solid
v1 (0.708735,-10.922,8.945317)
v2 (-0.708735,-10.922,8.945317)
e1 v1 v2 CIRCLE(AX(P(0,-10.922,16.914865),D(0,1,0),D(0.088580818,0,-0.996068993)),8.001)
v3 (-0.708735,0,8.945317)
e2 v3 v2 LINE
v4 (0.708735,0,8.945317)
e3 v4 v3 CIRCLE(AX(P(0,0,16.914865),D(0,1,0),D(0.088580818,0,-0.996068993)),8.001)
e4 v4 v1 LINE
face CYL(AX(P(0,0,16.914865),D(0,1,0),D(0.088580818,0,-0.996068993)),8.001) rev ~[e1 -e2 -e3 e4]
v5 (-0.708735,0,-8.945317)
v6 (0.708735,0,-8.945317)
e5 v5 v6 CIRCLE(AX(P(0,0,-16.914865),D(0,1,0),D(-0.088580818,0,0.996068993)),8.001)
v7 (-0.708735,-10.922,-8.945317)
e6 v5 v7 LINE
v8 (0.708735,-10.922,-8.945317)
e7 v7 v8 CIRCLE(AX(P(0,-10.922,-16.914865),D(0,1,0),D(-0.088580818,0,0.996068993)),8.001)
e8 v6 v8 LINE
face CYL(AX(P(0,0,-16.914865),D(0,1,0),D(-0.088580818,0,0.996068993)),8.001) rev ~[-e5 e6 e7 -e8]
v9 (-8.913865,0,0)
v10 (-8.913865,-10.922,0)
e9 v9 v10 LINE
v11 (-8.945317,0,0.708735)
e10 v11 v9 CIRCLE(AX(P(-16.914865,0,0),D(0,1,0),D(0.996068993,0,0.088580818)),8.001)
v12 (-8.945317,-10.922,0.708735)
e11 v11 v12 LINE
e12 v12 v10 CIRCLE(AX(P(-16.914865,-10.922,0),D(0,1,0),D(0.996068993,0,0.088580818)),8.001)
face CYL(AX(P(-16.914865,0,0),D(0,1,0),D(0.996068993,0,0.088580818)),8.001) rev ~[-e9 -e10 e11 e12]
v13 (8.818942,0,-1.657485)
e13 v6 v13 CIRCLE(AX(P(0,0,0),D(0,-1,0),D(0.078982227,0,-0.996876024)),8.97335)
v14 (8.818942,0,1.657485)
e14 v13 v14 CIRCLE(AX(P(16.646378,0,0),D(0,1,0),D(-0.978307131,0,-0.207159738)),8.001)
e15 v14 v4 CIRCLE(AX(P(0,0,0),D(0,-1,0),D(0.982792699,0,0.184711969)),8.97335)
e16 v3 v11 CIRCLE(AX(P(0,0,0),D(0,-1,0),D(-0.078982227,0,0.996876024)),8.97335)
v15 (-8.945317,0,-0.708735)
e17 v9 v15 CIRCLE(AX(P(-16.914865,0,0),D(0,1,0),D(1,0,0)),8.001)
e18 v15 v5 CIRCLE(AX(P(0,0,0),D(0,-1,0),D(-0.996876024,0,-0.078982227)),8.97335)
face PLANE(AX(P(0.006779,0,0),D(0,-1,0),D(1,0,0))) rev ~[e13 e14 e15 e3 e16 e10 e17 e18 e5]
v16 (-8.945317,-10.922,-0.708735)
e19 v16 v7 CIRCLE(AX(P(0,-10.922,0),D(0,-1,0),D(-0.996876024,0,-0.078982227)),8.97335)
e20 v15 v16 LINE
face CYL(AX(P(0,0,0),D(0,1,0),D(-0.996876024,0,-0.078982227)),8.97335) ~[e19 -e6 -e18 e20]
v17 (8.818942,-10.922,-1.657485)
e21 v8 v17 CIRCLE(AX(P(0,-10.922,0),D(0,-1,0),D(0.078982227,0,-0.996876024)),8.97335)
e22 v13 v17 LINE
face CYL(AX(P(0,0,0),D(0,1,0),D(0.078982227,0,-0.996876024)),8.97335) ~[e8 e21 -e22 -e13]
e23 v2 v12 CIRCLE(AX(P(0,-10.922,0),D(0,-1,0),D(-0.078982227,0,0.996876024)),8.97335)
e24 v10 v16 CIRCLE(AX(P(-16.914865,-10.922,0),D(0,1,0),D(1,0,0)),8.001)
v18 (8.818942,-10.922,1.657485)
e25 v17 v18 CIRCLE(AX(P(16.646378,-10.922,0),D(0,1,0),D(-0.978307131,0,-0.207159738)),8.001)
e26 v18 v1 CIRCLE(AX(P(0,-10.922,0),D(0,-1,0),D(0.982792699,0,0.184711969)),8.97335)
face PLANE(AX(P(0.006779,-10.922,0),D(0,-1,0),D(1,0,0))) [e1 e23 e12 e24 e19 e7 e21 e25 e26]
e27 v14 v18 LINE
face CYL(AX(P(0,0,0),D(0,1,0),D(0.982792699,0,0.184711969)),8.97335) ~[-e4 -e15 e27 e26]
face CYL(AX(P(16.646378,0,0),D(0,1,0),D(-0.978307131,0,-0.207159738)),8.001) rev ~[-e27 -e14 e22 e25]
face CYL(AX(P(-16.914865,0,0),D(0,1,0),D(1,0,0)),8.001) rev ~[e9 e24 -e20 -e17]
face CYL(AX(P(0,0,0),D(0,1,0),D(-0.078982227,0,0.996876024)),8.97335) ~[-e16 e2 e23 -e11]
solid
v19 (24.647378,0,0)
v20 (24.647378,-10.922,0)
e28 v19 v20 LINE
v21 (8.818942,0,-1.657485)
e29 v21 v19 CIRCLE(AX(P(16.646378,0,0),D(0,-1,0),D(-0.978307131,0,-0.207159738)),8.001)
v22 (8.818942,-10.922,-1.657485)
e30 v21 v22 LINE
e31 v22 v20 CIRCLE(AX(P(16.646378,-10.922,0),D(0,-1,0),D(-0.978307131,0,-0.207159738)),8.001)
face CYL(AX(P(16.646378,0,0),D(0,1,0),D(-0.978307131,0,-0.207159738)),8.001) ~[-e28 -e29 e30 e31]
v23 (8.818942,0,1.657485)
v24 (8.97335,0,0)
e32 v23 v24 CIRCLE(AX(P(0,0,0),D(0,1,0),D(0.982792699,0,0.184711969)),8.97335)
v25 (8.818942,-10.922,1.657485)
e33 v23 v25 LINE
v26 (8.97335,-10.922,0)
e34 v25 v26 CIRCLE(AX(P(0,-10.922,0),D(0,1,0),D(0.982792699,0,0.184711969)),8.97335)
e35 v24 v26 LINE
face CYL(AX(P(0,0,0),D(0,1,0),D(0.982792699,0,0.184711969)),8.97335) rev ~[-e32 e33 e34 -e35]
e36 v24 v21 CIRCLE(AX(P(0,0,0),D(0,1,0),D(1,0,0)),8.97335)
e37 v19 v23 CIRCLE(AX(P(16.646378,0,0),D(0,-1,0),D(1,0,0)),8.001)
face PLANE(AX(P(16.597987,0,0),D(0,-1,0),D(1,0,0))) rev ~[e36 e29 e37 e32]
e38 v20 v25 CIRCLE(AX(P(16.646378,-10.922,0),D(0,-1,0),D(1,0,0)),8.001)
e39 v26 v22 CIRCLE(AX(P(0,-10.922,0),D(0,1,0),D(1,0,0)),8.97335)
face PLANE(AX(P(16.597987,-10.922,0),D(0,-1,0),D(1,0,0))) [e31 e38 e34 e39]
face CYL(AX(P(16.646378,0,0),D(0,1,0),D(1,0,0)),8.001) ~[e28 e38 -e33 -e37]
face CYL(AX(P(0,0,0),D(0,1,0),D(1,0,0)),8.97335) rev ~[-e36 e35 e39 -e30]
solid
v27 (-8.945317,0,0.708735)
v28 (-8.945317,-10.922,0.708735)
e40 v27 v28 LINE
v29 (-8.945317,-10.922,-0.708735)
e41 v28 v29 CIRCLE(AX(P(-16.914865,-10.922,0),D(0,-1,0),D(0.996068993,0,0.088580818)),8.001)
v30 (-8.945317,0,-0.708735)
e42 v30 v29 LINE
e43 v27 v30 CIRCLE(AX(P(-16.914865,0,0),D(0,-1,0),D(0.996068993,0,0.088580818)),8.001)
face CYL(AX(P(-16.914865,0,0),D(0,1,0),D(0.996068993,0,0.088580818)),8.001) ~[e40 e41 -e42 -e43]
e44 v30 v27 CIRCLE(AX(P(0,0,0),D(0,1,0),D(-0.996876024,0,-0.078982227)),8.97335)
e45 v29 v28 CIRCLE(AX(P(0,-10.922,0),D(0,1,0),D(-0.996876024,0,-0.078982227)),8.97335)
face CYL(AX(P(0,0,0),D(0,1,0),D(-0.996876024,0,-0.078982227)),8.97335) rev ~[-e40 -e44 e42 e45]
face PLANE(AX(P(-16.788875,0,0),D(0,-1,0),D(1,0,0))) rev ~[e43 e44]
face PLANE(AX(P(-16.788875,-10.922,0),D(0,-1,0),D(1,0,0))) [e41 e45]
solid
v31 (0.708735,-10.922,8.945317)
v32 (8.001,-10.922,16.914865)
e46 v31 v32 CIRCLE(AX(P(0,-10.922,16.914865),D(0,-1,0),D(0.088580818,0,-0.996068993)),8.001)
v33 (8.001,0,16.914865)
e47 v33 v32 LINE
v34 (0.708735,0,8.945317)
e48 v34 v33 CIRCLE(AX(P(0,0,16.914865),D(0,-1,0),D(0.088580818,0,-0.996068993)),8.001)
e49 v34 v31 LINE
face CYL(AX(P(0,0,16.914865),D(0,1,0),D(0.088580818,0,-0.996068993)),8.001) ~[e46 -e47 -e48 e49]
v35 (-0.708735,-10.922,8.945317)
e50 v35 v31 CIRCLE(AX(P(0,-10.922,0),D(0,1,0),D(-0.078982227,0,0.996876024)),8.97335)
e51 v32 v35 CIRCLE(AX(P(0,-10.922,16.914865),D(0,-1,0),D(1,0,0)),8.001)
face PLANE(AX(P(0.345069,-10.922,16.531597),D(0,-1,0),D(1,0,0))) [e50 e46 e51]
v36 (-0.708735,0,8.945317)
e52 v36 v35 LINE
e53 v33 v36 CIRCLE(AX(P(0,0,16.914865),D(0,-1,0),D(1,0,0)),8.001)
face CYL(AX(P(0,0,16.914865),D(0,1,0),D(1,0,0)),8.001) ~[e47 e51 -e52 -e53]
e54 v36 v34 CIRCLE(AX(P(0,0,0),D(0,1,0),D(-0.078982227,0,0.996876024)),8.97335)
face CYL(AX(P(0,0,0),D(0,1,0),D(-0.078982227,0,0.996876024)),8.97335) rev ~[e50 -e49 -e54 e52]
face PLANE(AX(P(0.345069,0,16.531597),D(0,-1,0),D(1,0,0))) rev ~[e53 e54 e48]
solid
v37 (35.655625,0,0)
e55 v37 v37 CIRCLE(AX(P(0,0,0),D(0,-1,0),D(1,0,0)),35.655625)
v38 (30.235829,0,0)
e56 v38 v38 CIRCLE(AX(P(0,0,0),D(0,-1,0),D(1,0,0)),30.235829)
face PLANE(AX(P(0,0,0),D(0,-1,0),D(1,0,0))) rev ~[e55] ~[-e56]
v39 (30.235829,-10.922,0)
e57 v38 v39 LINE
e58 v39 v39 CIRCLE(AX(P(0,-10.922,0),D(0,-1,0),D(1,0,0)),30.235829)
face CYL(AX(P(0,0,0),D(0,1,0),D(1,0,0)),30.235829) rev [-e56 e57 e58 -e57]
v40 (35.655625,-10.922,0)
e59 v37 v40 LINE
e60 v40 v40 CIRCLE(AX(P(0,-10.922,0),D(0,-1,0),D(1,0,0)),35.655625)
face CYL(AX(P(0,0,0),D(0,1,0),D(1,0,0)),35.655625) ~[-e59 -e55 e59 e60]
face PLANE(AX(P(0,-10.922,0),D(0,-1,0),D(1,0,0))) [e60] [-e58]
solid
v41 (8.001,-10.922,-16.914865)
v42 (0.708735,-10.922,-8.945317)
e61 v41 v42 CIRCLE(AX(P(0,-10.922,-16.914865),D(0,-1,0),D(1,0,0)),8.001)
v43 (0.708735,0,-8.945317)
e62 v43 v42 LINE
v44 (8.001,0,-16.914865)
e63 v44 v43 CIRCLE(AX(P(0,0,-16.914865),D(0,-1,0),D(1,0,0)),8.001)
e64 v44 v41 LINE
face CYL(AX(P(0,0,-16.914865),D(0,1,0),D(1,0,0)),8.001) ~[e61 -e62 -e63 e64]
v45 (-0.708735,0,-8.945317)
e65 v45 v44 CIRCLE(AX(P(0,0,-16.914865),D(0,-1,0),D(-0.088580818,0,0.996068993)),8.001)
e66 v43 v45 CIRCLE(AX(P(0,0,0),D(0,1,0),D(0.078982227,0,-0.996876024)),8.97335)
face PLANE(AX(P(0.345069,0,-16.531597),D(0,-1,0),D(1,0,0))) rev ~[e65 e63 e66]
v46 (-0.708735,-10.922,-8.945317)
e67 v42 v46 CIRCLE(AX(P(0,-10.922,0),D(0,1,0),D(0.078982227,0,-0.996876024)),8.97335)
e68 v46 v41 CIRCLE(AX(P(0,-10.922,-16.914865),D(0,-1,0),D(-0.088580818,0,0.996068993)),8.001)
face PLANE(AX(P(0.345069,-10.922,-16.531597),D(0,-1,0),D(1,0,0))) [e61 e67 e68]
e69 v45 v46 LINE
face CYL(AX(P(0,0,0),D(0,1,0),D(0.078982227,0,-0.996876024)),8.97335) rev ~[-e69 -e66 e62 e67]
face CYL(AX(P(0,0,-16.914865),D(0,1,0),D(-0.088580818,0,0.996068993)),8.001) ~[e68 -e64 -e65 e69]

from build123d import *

# Parameters (mm, degrees)
F0_R     = 35.6556248562
F0_R_2   = 30.2358293925
F1_DEPTH = 10.922
F0_R_3   = 6.3373


with BuildPart() as f1:
    # F0 (on Front) → F1 (new body)
    with BuildSketch(Plane.XZ):
        Circle(F0_R)
        Circle(F0_R_2, mode=Mode.SUBTRACT)
    extrude(amount=F1_DEPTH)


with BuildPart() as f1b:
    # F0 (on Front) → F1, piece 2 (new body)
    with BuildSketch(Plane.XZ):
        with BuildLine():
            ThreePointArc((-0.7087351257, 8.9453169897), (0, 8.9733495153), (0.7087351257, 8.9453169897))
            ThreePointArc((0.7087351257, 8.9453169897), (5.9028209672, 11.513688683), (8.001, 16.914865002))
            ThreePointArc((8.001, 16.914865002), (-5.4011763191, 22.8176859692), (-0.7087351257, 8.9453169897))
        make_face()
    extrude(amount=F1_DEPTH)


with BuildPart() as f1c:
    # F0 (on Front) → F1, piece 3 (new body)
    with BuildSketch(Plane.XZ):
        with BuildLine():
            ThreePointArc((8.8189423852, -1.6574850619), (8.6453777423, 0), (8.8189423852, 1.6574850619))
            ThreePointArc((8.8189423852, 1.6574850619), (5.9976898252, 6.674482623), (0.7087351257, 8.9453169897))
            ThreePointArc((0.7087351257, 8.9453169897), (0, 8.913865002), (-0.7087351257, 8.9453169897))
            ThreePointArc((-0.7087351257, 8.9453169897), (-6.3451162922, 6.3451162922), (-8.9453169897, 0.7087351257))
            ThreePointArc((-8.9453169897, 0.7087351257), (-8.9217318664, 0.3547163324), (-8.913865002, 0))
            ThreePointArc((-8.913865002, 0), (-8.9217318664, -0.3547163324), (-8.9453169897, -0.7087351257))
            ThreePointArc((-8.9453169897, -0.7087351257), (-6.3451162922, -6.3451162922), (-0.7087351257, -8.9453169897))
            ThreePointArc((-0.7087351257, -8.9453169897), (0, -8.913865002), (0.7087351257, -8.9453169897))
            ThreePointArc((0.7087351257, -8.9453169897), (5.9976898252, -6.674482623), (8.8189423852, -1.6574850619))
        make_face()
        Circle(F0_R_3, mode=Mode.SUBTRACT)
        Circle(F0_R_3)
    extrude(amount=F1_DEPTH)


with BuildPart() as f1d:
    # F0 (on Front) → F1, piece 4 (new body)
    with BuildSketch(Plane.XZ):
        with BuildLine():
            ThreePointArc((8.8189423852, 1.6574850619), (8.9346643446, 0.8323308075), (8.9733495153, 0))
            ThreePointArc((8.9733495153, 0), (8.9346643446, -0.8323308075), (8.8189423852, -1.6574850619))
            ThreePointArc((8.8189423852, -1.6574850619), (17.4796516192, -7.957490537), (24.6473777423, 0))
            ThreePointArc((24.6473777423, 0), (17.4796516192, 7.957490537), (8.8189423852, 1.6574850619))
        make_face()
    extrude(amount=F1_DEPTH)


with BuildPart() as f1e:
    # F0 (on Front) → F1, piece 5 (new body)
    with BuildSketch(Plane.XZ):
        with BuildLine():
            ThreePointArc((-8.9453169897, -0.7087351257), (-8.9733495153, 0), (-8.9453169897, 0.7087351257))
            ThreePointArc((-8.9453169897, 0.7087351257), (-24.915865002, 0), (-8.9453169897, -0.7087351257))
        make_face()
    extrude(amount=F1_DEPTH)


with BuildPart() as f1f:
    # F0 (on Front) → F1, piece 6 (new body)
    with BuildSketch(Plane.XZ):
        with BuildLine():
            ThreePointArc((8.001, -16.914865002), (5.9028209672, -11.513688683), (0.7087351257, -8.9453169897))
            ThreePointArc((0.7087351257, -8.9453169897), (0, -8.9733495153), (-0.7087351257, -8.9453169897))
            ThreePointArc((-0.7087351257, -8.9453169897), (-5.4011763191, -22.8176859692), (8.001, -16.914865002))
        make_face()
    extrude(amount=F1_DEPTH)


solid = Compound([f1.part, f1b.part, f1c.part, f1d.part, f1e.part, f1f.part])
